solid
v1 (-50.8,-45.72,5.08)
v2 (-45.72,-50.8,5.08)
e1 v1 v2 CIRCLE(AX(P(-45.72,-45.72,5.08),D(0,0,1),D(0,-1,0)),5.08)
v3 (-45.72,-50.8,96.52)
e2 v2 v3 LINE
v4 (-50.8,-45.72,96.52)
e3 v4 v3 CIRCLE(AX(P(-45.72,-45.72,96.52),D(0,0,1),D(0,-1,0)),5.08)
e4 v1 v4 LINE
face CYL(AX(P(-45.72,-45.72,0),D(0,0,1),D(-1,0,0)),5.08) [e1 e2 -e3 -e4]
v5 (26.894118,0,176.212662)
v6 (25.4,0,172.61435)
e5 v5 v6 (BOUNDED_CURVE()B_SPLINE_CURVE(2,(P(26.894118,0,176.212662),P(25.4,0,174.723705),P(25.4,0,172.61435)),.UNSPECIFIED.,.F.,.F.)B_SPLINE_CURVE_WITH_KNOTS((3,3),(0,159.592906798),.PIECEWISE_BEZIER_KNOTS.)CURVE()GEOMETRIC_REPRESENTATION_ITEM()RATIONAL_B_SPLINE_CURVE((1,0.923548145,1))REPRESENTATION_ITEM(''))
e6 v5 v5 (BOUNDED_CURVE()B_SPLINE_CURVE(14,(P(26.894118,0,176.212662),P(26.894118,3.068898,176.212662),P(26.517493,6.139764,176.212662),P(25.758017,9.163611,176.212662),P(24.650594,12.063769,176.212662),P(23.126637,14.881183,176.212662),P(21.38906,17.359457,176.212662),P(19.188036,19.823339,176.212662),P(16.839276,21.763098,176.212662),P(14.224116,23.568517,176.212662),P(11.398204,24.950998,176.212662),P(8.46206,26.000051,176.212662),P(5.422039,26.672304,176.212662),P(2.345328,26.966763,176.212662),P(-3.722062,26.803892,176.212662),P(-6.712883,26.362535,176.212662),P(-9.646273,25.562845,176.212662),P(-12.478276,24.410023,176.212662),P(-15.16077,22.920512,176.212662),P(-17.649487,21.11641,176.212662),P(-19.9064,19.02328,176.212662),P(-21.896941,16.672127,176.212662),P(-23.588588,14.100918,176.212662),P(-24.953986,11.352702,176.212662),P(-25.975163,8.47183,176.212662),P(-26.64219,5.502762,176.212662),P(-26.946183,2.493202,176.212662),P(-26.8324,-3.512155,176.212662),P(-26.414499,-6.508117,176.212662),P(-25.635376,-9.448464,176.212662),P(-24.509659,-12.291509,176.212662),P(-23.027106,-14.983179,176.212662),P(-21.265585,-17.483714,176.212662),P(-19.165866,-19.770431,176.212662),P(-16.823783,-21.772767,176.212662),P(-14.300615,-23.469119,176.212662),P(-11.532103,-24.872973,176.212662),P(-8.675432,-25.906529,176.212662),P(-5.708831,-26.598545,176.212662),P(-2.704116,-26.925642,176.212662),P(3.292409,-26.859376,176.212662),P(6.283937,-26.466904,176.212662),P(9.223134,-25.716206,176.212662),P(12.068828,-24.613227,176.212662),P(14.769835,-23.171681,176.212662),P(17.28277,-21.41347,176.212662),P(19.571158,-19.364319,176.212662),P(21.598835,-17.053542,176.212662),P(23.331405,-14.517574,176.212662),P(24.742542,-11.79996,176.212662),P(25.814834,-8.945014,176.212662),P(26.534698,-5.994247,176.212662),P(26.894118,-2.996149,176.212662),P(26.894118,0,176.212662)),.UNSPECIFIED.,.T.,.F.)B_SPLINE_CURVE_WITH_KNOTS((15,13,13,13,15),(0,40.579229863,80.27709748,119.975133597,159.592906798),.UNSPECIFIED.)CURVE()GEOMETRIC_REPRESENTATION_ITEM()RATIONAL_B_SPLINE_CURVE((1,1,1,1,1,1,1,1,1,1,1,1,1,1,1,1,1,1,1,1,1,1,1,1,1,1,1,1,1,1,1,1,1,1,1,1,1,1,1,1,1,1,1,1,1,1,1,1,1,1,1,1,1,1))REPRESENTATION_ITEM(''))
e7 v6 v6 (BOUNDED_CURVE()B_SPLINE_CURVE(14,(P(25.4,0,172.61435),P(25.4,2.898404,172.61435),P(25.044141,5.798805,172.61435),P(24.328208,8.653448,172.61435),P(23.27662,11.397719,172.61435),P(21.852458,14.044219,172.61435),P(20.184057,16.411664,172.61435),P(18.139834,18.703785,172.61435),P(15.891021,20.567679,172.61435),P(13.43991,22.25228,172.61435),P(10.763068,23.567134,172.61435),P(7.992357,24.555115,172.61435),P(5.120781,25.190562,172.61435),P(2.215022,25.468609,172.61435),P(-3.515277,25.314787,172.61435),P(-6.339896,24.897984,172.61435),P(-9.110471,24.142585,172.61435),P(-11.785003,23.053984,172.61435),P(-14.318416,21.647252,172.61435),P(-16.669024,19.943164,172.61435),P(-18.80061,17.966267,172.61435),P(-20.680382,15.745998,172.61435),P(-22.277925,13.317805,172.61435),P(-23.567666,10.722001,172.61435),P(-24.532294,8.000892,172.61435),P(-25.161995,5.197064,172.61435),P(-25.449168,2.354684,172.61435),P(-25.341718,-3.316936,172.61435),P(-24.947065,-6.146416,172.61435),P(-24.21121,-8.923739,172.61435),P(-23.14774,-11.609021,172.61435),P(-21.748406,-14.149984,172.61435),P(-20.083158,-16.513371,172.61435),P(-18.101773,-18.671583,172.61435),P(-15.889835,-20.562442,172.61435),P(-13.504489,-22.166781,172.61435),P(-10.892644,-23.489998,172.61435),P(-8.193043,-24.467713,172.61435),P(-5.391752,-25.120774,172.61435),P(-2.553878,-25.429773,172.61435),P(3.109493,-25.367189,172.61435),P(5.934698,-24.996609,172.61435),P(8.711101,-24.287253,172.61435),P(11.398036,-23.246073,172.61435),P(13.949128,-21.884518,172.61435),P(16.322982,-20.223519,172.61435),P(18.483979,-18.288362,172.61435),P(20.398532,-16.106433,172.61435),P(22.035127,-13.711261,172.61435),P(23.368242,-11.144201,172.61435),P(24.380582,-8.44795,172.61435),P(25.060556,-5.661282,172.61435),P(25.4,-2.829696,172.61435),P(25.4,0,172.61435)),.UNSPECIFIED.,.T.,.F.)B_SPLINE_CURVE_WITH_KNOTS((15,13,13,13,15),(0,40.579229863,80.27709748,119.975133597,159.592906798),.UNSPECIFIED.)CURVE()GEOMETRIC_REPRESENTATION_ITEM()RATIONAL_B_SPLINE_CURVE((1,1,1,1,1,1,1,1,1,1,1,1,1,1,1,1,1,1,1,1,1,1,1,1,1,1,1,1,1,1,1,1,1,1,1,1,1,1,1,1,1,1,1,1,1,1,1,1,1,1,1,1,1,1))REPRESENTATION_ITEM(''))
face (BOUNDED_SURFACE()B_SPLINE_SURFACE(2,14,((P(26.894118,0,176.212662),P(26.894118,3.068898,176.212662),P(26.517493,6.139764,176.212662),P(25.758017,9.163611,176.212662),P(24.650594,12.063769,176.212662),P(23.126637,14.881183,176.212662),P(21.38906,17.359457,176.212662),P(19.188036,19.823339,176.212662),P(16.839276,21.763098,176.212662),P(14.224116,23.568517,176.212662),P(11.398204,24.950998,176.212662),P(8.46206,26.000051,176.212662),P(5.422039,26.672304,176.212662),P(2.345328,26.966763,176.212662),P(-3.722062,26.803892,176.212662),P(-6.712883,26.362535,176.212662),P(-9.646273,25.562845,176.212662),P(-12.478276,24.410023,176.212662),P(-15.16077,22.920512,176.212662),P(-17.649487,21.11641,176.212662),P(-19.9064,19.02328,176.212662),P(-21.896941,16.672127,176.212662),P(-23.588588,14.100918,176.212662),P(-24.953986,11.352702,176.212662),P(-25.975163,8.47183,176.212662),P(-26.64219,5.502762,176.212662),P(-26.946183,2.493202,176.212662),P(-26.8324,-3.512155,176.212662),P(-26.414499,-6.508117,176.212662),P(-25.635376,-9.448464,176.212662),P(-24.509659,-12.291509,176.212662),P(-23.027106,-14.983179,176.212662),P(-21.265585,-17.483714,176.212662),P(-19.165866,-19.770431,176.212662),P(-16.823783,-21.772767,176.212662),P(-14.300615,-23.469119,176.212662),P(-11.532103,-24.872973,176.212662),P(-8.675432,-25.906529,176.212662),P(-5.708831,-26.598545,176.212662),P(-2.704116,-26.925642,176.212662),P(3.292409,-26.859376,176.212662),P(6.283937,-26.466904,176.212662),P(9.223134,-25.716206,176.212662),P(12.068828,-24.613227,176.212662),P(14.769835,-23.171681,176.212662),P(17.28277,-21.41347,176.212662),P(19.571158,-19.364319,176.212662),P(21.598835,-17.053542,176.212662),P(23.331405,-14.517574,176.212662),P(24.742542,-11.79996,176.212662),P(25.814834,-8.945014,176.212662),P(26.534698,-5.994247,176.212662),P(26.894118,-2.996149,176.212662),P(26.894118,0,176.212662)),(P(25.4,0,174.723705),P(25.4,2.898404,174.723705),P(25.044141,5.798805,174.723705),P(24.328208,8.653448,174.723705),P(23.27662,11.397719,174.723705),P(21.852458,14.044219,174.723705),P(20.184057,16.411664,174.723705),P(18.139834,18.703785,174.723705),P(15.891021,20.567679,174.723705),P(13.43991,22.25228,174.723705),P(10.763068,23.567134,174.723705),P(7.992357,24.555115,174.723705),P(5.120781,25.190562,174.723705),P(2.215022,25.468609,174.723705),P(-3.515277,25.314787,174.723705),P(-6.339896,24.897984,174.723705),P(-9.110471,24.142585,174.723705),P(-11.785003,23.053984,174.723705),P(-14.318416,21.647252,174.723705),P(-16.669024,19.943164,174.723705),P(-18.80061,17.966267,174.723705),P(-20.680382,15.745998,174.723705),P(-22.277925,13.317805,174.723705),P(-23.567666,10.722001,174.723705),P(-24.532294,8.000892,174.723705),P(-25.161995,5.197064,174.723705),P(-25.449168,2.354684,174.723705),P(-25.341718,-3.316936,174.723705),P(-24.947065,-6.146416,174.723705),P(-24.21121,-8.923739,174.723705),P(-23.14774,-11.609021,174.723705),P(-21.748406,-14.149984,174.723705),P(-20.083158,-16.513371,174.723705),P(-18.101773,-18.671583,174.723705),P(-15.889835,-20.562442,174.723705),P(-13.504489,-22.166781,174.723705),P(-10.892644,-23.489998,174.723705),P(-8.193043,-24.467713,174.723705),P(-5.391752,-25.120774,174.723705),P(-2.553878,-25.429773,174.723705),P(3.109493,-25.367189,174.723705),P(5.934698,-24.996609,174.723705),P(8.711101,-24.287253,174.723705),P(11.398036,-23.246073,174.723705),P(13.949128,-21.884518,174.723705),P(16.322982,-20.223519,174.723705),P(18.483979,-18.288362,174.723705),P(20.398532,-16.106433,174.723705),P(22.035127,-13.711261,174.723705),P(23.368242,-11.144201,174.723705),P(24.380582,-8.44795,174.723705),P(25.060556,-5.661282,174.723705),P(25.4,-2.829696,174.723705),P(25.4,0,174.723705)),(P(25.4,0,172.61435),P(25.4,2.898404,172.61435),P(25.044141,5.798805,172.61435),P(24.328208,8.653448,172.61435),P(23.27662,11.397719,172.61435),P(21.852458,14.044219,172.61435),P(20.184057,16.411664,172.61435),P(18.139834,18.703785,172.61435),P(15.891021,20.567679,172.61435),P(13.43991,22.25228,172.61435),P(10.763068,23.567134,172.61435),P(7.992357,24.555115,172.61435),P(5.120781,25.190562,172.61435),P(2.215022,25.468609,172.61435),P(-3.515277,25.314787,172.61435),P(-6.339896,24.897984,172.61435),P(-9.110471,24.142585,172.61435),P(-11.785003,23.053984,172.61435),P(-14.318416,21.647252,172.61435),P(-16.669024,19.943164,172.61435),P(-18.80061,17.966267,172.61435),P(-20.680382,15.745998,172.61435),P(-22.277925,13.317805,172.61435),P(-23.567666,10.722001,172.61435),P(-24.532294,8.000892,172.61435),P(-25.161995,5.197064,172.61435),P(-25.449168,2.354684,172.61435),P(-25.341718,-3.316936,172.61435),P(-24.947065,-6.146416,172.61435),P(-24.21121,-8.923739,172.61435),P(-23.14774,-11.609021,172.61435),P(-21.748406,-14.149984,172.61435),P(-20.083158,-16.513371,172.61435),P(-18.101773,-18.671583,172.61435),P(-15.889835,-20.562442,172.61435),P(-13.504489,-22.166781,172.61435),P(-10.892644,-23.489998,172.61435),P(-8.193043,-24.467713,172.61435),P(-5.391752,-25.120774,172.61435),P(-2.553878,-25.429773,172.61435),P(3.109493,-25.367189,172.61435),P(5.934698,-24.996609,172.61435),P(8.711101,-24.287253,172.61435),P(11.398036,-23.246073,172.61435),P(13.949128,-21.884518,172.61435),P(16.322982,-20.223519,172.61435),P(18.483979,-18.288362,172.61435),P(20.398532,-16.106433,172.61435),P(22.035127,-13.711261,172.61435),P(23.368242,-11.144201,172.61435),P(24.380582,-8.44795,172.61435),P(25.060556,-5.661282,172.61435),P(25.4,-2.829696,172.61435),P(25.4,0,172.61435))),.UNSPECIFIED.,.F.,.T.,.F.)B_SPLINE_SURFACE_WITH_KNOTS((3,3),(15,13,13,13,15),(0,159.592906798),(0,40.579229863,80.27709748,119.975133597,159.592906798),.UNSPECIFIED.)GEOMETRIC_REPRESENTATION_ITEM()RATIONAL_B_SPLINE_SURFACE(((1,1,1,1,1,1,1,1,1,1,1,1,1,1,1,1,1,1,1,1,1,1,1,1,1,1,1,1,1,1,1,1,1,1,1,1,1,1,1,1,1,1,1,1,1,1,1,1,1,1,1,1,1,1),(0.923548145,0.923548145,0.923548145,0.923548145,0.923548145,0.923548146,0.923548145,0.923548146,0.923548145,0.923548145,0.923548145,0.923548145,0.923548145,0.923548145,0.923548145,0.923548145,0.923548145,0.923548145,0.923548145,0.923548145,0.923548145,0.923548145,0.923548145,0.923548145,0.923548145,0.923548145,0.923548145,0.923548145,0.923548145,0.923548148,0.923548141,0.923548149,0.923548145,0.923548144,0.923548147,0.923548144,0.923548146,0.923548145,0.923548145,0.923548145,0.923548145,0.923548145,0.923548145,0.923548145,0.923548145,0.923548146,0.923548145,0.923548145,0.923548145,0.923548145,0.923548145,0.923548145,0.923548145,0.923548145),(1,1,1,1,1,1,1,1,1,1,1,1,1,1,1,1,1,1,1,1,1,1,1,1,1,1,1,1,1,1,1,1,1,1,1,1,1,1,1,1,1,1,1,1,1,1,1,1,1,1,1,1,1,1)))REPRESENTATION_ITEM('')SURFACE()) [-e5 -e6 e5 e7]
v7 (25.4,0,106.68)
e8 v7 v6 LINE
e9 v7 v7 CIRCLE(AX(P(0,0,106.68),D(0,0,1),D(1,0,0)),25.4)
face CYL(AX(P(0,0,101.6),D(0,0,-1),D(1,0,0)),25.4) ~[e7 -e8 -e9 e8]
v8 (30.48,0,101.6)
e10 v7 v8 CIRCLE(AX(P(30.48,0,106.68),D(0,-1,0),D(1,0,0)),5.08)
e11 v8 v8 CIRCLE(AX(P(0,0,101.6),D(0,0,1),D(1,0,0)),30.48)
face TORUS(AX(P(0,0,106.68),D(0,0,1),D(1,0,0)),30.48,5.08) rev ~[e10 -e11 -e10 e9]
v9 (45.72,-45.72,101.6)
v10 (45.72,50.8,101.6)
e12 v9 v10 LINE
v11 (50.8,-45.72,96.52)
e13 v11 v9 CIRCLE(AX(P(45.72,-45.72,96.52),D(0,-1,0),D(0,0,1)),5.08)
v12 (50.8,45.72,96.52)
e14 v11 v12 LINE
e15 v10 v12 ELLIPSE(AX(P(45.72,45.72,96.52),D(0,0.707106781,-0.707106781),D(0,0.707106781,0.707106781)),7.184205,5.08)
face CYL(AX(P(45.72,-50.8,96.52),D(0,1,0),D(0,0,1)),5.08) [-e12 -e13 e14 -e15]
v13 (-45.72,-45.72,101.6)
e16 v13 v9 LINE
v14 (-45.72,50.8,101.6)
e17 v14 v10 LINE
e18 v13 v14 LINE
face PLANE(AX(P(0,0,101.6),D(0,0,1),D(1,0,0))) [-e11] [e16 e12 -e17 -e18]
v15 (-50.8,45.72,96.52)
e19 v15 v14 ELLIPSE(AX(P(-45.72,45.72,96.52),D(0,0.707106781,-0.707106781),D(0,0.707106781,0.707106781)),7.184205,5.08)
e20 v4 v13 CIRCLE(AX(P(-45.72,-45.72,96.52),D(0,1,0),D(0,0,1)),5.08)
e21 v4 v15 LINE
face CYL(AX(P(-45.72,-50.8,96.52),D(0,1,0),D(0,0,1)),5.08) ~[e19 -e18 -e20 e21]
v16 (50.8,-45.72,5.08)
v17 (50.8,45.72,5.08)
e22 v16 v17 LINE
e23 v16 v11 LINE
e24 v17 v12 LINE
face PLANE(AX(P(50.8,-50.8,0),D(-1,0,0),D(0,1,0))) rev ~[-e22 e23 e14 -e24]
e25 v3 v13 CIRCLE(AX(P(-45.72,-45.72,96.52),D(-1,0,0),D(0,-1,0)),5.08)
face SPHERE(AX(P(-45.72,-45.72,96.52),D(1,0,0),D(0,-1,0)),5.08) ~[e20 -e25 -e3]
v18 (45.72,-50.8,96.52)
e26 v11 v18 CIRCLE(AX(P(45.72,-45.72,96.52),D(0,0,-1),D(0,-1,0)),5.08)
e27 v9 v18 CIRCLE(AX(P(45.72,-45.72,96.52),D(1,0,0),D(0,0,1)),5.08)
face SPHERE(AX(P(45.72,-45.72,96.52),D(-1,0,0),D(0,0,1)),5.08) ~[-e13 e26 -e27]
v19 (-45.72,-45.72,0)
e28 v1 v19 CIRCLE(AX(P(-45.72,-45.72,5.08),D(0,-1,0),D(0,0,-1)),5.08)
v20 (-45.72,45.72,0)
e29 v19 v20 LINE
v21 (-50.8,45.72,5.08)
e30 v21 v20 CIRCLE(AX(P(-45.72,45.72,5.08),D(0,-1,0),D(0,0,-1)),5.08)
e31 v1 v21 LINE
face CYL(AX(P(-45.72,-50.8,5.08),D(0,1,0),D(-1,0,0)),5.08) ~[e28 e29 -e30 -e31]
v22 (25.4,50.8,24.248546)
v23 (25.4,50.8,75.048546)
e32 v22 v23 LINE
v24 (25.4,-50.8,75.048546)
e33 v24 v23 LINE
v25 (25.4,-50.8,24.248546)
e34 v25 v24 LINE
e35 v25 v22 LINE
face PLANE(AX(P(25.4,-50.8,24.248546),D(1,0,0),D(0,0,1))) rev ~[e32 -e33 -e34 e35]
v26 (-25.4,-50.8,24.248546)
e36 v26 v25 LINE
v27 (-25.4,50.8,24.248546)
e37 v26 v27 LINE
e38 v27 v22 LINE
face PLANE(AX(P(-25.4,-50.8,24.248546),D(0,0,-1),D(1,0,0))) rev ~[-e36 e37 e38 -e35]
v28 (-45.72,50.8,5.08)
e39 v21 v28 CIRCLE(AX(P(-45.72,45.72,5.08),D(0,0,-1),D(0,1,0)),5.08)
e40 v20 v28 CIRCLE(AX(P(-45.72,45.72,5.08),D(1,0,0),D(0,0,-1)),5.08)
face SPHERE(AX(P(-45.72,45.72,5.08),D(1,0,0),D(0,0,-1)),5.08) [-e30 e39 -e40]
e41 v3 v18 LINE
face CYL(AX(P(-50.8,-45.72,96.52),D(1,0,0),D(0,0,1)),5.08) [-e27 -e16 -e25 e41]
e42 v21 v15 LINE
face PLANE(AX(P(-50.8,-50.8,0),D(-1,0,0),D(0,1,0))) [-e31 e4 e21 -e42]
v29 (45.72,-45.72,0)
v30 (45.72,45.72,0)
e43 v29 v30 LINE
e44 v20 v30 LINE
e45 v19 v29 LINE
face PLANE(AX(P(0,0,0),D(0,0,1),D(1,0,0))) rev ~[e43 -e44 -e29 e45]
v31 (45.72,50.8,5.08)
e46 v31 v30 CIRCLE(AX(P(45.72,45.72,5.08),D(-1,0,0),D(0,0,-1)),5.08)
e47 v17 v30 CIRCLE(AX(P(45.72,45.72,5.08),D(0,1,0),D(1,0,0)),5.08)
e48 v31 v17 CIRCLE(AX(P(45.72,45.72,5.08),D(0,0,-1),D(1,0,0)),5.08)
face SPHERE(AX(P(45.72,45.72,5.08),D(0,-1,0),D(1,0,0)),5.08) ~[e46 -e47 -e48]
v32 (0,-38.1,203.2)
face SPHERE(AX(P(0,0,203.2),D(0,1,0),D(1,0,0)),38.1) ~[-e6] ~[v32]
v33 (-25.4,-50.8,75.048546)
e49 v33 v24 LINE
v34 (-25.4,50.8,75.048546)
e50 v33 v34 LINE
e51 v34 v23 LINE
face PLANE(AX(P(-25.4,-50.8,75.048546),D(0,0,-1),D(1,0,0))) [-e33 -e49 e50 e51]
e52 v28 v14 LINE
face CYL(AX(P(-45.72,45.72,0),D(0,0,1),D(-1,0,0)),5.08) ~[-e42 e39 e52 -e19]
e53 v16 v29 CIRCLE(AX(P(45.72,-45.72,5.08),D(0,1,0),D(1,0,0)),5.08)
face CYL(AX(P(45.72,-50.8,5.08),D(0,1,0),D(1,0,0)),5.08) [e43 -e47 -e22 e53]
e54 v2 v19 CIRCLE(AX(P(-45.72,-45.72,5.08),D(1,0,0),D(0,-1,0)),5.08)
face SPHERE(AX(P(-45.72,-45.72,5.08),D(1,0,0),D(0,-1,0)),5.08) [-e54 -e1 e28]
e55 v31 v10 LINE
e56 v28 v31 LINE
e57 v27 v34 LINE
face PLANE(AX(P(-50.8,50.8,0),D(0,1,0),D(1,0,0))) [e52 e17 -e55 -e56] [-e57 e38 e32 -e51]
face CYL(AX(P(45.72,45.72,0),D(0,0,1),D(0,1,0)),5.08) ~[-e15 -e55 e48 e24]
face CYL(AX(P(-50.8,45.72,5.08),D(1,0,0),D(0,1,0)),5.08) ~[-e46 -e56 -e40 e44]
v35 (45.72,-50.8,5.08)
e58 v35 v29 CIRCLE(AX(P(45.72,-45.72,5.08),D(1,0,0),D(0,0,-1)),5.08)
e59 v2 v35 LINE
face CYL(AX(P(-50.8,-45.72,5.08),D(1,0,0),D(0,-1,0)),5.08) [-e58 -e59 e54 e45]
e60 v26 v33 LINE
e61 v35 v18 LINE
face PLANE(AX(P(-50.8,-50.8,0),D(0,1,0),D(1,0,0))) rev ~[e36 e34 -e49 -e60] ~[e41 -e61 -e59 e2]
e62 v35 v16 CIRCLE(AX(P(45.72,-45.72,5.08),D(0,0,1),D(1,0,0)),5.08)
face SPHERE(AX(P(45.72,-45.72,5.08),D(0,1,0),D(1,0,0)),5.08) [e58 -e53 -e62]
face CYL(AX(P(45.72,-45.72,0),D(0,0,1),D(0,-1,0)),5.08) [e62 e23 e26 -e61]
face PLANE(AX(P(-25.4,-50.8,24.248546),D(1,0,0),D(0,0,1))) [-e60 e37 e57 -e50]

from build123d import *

# Parameters (mm, degrees)
F0_W     = 101.6
F0_H     = 101.6
F1_DEPTH = 101.6
F2_R     = 25.4
F3_DEPTH = 101.6
F6_W     = 50.8
F6_H     = 50.8
F7_DEPTH = 101.6
F8_R     = 5.08


with BuildPart() as f1:
    # F0 (on Top) → F1 (new body)
    with BuildSketch(Plane.XY):
        Rectangle(F0_W, F0_H)
    extrude(amount=F1_DEPTH)

    # F2 (on face) → F3 (join)
    with BuildSketch(Plane.XY.offset(101.6)):
        Circle(F2_R)
    extrude(amount=F3_DEPTH)

    # F4 (on face) → F5 (revolve)
    with BuildSketch(Plane.XY.offset(203.2)):
        with BuildLine():
            Line((0, 38.1), (0, -38.1))
            ThreePointArc((0, -38.1), (38.1, 0), (0, 38.1))
        make_face()
    revolve(axis=Axis((0, 0, 203.2), (0, -1, 0)))

    # F6 (on face) → F7 (cut)
    with BuildSketch(Plane.XZ.offset(50.8)):
        with Locations((0, 49.6485456824)):
            Rectangle(F6_W, F6_H)
    extrude(amount=-F7_DEPTH, mode=Mode.SUBTRACT)

    # F8
    f8_edges = [f1.edges().sort_by_distance(p)[0] for p in [
        (0, -50.8, 101.6),
        (50.8, 0, 101.6),
        (50.8, 0, 0),
        (50.8, -50.8, 50.8),
        (0, -50.8, 0),
        (-50.8, -50.8, 50.8),
        (50.8, 50.8, 50.8),
        (0, 50.8, 0),
        (-50.8, 0, 0),
        (-50.8, 50.8, 50.8),
        (-50.8, 0, 101.6),
        (-25.4, 0, 101.6),
        (-25.4, 0, 174.801937),
    ]]
    fillet(f8_edges, radius=F8_R)


solid = f1.part
